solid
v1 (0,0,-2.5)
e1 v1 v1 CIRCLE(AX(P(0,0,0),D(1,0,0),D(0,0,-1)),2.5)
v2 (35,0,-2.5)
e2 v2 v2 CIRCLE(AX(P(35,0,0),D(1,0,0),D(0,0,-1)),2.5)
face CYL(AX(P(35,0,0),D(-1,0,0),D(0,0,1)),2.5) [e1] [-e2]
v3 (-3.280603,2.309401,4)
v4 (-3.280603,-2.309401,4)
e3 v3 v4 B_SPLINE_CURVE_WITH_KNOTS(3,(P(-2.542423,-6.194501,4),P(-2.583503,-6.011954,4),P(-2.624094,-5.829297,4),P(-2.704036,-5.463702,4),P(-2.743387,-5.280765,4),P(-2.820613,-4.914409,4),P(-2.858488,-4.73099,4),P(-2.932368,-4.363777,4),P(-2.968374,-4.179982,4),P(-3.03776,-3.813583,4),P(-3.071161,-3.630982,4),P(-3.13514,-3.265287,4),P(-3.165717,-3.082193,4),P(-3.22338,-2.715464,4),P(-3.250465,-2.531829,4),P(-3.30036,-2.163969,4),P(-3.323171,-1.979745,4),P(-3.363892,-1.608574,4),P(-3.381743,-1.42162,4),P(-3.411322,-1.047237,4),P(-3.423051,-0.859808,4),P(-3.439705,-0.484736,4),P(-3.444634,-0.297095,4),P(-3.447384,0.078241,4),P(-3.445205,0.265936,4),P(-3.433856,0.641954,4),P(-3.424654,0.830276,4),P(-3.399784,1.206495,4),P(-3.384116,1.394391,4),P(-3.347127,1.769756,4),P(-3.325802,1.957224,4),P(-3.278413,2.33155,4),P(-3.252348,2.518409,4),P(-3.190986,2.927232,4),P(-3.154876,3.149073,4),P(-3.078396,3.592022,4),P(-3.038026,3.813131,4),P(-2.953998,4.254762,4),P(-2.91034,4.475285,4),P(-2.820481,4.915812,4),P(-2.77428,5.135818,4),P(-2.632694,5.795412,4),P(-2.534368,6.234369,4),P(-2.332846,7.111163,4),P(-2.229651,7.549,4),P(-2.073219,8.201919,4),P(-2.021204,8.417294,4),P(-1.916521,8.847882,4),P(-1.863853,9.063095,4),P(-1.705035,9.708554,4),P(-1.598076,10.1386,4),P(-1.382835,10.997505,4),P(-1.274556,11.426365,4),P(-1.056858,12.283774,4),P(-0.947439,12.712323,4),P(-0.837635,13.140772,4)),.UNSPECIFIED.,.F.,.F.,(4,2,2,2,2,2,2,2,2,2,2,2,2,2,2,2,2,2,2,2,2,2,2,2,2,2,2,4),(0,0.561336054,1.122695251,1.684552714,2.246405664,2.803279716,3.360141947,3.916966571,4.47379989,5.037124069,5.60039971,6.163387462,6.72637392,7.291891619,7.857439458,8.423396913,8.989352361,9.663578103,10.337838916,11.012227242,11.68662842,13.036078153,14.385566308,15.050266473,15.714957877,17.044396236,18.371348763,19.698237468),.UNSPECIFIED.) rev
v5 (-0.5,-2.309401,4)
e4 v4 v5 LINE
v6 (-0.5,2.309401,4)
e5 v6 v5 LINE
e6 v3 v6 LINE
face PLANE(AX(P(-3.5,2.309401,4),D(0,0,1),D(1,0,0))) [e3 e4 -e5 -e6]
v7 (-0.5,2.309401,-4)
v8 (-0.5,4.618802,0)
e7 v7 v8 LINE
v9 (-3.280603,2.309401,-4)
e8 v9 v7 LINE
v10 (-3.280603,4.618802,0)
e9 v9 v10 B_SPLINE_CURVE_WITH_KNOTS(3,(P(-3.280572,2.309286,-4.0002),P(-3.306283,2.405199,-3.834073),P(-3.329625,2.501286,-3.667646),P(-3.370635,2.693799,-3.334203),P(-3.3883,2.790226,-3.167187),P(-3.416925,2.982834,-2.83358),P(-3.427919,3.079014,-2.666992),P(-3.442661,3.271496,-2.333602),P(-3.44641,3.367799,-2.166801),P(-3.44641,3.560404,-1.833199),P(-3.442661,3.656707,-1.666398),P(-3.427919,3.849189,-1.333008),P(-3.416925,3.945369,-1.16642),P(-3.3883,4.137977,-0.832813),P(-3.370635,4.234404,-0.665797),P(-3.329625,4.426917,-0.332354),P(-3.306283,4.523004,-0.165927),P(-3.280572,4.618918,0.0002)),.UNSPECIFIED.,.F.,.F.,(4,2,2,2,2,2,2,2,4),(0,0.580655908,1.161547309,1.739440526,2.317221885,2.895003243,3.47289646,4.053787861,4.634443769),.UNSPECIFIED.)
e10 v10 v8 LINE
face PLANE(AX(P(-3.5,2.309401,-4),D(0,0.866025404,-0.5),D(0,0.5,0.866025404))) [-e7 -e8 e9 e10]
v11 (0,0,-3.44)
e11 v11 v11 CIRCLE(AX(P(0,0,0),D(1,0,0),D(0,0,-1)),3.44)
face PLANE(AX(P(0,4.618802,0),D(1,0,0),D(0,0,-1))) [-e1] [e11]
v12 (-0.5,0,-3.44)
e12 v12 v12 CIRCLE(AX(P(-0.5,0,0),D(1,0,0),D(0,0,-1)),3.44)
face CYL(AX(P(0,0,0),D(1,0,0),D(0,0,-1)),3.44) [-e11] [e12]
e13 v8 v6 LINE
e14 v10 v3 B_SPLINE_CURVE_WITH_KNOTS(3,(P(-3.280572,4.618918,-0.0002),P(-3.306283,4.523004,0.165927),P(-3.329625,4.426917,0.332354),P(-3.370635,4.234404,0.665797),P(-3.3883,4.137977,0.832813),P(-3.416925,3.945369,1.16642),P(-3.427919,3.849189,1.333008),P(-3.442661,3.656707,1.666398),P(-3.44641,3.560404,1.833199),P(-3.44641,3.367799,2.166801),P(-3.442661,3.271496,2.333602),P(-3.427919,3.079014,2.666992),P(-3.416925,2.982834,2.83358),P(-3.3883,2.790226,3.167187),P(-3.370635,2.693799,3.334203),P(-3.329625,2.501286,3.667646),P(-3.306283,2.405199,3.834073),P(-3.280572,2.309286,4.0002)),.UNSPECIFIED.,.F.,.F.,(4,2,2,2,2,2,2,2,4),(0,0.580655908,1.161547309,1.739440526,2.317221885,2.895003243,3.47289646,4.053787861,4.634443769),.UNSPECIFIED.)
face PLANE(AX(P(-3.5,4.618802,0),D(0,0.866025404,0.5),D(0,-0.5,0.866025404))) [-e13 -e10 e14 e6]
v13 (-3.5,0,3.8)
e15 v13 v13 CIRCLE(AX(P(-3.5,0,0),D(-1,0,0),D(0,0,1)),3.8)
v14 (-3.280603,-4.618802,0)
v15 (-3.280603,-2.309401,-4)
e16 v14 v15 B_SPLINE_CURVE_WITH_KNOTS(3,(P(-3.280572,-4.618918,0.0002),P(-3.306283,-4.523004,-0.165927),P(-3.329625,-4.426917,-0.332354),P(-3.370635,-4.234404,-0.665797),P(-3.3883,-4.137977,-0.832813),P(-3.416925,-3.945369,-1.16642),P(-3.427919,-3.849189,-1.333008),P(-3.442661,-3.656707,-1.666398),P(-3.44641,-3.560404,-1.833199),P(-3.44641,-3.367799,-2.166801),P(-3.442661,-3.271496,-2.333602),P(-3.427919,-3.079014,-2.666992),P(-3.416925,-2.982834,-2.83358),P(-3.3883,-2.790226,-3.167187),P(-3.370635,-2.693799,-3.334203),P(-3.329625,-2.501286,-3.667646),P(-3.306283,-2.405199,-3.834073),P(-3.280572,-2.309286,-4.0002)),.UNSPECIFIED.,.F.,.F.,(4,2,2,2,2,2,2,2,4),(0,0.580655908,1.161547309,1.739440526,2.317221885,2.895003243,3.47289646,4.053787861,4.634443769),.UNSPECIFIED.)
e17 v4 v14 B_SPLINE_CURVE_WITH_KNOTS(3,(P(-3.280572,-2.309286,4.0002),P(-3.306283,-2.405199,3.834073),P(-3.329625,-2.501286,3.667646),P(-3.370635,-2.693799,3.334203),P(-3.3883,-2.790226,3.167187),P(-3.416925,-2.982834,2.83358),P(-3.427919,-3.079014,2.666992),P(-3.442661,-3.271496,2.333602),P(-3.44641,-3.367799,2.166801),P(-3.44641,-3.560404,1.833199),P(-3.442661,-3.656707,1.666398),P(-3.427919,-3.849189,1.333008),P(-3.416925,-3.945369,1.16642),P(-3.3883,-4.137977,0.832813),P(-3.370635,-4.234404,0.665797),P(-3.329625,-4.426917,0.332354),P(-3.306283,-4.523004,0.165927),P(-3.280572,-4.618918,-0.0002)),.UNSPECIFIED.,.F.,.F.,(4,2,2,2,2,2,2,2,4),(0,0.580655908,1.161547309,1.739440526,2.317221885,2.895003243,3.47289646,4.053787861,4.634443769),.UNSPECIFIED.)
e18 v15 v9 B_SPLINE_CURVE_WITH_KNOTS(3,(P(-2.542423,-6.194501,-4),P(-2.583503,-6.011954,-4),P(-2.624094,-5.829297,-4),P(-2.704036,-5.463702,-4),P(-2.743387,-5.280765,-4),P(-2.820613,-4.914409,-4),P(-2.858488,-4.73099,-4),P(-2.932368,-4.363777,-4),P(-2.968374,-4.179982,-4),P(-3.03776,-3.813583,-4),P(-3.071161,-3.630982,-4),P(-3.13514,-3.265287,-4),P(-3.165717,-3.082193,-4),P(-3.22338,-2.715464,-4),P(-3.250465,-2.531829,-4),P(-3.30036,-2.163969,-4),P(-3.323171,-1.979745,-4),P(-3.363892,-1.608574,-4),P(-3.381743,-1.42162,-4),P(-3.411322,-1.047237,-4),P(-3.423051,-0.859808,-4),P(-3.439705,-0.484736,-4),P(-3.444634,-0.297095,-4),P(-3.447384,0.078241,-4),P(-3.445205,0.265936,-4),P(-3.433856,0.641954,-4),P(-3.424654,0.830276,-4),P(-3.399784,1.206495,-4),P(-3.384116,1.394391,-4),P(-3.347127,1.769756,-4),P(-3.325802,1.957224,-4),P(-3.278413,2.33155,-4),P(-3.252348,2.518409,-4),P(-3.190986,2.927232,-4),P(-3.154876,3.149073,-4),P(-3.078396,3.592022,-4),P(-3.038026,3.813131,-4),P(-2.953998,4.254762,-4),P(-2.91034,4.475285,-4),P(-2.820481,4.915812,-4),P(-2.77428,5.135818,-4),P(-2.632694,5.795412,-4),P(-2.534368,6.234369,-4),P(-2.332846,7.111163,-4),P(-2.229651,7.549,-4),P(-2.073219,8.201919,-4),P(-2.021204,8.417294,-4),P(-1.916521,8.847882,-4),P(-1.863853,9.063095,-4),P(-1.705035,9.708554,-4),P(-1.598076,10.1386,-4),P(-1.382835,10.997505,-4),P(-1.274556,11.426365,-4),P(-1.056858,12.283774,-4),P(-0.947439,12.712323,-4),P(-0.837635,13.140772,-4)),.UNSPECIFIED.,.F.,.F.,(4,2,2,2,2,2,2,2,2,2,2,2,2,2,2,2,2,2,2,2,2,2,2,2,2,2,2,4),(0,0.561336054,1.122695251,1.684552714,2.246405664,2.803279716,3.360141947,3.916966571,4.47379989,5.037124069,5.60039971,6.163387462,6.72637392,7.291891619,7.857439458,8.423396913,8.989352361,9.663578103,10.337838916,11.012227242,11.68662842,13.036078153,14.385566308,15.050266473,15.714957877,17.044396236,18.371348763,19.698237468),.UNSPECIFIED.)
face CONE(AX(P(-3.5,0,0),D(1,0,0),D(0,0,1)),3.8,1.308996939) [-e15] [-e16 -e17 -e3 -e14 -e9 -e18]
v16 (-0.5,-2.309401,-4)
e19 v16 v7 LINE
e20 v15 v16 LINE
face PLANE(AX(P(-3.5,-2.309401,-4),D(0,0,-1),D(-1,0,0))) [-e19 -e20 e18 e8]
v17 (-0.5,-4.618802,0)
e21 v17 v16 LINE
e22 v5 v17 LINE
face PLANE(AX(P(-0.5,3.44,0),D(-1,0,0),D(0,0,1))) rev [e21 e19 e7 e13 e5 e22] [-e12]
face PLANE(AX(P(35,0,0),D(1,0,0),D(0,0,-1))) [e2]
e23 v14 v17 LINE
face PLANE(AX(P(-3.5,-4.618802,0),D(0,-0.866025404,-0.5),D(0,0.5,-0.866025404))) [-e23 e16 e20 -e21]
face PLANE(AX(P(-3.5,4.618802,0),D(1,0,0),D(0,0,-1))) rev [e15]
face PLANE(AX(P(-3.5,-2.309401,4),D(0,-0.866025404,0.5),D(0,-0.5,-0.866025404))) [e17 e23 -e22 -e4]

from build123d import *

# Parameters (mm, degrees)
HEAD_DEPTH        = 3.5
SK2_W             = 0.5
SK2_H             = 1.178802154
SK3_R             = 2.5
BODY_DEPTH        = 35
SK5_OUTSIDE_W     = 316.508
SK5_OUTSIDE_H     = 317.746
SK5_OUTSIDE_R     = 3.8
HEADCHAMFER_DEPTH = 39.981833376
HEADCHAMFER_DRAFT = -75


with BuildPart() as part:
    # Sk1 → Head (new body)
    with BuildSketch(Plane(origin=(0, 0, 0), x_dir=(0, 0, -1), z_dir=(1, 0, 0))):
        Polygon((0, 4.618802154), (-4, 2.309401077), (-4, -2.309401077), (0, -4.618802154), (4, -2.309401077), (4, 2.309401077), align=None)
    extrude(amount=-HEAD_DEPTH)

    # Sk2 → UNHead (revolve, cut)
    with BuildSketch(Plane.XY, mode=Mode.PRIVATE) as unhead_sk:
        with Locations((-0.25, 4.029401077)):
            Rectangle(SK2_W, SK2_H)
    revolve(unhead_sk.sketch.rotate(Axis((0, 0, 0), (-1, 0, 0)), 90), axis=Axis((0, 0, 0), (-1, 0, 0)), mode=Mode.SUBTRACT)

    # Sk3 → Body (add)
    with BuildSketch(Plane(origin=(0, 0, 0), x_dir=(0, 0, -1), z_dir=(1, 0, 0))):
        Circle(SK3_R)
    extrude(amount=BODY_DEPTH)


with BuildPart() as headchamfer_tool:
    # Sk5 outside → HeadChamfer (with draft: the straight prism first)
    with BuildSketch(Plane.ZY.offset(3.5)):
        Rectangle(SK5_OUTSIDE_W, SK5_OUTSIDE_H)
        Circle(SK5_OUTSIDE_R, mode=Mode.SUBTRACT)
    extrude(amount=-HEADCHAMFER_DEPTH)
    # HeadChamfer: the draft: its side faces are tilted about the plane it starts from
    headchamfer_sides = [headchamfer_tool.faces().sort_by_distance(p)[0] for p in [
        (16.490916688, -158.873, 0),
        (16.490916688, 0, 158.254),
        (16.490916688, 158.873, 0),
        (16.490916688, 0, -158.254),
        (16.490916688, 0, -3.8),
    ]]
    draft(headchamfer_sides, Plane.ZY.offset(3.5), HEADCHAMFER_DRAFT)


with BuildPart() as part_1:
    add(part.part)

    # HeadChamfer: cut by headchamfer_tool
    add(headchamfer_tool.part, mode=Mode.SUBTRACT)


solid = part_1.part
